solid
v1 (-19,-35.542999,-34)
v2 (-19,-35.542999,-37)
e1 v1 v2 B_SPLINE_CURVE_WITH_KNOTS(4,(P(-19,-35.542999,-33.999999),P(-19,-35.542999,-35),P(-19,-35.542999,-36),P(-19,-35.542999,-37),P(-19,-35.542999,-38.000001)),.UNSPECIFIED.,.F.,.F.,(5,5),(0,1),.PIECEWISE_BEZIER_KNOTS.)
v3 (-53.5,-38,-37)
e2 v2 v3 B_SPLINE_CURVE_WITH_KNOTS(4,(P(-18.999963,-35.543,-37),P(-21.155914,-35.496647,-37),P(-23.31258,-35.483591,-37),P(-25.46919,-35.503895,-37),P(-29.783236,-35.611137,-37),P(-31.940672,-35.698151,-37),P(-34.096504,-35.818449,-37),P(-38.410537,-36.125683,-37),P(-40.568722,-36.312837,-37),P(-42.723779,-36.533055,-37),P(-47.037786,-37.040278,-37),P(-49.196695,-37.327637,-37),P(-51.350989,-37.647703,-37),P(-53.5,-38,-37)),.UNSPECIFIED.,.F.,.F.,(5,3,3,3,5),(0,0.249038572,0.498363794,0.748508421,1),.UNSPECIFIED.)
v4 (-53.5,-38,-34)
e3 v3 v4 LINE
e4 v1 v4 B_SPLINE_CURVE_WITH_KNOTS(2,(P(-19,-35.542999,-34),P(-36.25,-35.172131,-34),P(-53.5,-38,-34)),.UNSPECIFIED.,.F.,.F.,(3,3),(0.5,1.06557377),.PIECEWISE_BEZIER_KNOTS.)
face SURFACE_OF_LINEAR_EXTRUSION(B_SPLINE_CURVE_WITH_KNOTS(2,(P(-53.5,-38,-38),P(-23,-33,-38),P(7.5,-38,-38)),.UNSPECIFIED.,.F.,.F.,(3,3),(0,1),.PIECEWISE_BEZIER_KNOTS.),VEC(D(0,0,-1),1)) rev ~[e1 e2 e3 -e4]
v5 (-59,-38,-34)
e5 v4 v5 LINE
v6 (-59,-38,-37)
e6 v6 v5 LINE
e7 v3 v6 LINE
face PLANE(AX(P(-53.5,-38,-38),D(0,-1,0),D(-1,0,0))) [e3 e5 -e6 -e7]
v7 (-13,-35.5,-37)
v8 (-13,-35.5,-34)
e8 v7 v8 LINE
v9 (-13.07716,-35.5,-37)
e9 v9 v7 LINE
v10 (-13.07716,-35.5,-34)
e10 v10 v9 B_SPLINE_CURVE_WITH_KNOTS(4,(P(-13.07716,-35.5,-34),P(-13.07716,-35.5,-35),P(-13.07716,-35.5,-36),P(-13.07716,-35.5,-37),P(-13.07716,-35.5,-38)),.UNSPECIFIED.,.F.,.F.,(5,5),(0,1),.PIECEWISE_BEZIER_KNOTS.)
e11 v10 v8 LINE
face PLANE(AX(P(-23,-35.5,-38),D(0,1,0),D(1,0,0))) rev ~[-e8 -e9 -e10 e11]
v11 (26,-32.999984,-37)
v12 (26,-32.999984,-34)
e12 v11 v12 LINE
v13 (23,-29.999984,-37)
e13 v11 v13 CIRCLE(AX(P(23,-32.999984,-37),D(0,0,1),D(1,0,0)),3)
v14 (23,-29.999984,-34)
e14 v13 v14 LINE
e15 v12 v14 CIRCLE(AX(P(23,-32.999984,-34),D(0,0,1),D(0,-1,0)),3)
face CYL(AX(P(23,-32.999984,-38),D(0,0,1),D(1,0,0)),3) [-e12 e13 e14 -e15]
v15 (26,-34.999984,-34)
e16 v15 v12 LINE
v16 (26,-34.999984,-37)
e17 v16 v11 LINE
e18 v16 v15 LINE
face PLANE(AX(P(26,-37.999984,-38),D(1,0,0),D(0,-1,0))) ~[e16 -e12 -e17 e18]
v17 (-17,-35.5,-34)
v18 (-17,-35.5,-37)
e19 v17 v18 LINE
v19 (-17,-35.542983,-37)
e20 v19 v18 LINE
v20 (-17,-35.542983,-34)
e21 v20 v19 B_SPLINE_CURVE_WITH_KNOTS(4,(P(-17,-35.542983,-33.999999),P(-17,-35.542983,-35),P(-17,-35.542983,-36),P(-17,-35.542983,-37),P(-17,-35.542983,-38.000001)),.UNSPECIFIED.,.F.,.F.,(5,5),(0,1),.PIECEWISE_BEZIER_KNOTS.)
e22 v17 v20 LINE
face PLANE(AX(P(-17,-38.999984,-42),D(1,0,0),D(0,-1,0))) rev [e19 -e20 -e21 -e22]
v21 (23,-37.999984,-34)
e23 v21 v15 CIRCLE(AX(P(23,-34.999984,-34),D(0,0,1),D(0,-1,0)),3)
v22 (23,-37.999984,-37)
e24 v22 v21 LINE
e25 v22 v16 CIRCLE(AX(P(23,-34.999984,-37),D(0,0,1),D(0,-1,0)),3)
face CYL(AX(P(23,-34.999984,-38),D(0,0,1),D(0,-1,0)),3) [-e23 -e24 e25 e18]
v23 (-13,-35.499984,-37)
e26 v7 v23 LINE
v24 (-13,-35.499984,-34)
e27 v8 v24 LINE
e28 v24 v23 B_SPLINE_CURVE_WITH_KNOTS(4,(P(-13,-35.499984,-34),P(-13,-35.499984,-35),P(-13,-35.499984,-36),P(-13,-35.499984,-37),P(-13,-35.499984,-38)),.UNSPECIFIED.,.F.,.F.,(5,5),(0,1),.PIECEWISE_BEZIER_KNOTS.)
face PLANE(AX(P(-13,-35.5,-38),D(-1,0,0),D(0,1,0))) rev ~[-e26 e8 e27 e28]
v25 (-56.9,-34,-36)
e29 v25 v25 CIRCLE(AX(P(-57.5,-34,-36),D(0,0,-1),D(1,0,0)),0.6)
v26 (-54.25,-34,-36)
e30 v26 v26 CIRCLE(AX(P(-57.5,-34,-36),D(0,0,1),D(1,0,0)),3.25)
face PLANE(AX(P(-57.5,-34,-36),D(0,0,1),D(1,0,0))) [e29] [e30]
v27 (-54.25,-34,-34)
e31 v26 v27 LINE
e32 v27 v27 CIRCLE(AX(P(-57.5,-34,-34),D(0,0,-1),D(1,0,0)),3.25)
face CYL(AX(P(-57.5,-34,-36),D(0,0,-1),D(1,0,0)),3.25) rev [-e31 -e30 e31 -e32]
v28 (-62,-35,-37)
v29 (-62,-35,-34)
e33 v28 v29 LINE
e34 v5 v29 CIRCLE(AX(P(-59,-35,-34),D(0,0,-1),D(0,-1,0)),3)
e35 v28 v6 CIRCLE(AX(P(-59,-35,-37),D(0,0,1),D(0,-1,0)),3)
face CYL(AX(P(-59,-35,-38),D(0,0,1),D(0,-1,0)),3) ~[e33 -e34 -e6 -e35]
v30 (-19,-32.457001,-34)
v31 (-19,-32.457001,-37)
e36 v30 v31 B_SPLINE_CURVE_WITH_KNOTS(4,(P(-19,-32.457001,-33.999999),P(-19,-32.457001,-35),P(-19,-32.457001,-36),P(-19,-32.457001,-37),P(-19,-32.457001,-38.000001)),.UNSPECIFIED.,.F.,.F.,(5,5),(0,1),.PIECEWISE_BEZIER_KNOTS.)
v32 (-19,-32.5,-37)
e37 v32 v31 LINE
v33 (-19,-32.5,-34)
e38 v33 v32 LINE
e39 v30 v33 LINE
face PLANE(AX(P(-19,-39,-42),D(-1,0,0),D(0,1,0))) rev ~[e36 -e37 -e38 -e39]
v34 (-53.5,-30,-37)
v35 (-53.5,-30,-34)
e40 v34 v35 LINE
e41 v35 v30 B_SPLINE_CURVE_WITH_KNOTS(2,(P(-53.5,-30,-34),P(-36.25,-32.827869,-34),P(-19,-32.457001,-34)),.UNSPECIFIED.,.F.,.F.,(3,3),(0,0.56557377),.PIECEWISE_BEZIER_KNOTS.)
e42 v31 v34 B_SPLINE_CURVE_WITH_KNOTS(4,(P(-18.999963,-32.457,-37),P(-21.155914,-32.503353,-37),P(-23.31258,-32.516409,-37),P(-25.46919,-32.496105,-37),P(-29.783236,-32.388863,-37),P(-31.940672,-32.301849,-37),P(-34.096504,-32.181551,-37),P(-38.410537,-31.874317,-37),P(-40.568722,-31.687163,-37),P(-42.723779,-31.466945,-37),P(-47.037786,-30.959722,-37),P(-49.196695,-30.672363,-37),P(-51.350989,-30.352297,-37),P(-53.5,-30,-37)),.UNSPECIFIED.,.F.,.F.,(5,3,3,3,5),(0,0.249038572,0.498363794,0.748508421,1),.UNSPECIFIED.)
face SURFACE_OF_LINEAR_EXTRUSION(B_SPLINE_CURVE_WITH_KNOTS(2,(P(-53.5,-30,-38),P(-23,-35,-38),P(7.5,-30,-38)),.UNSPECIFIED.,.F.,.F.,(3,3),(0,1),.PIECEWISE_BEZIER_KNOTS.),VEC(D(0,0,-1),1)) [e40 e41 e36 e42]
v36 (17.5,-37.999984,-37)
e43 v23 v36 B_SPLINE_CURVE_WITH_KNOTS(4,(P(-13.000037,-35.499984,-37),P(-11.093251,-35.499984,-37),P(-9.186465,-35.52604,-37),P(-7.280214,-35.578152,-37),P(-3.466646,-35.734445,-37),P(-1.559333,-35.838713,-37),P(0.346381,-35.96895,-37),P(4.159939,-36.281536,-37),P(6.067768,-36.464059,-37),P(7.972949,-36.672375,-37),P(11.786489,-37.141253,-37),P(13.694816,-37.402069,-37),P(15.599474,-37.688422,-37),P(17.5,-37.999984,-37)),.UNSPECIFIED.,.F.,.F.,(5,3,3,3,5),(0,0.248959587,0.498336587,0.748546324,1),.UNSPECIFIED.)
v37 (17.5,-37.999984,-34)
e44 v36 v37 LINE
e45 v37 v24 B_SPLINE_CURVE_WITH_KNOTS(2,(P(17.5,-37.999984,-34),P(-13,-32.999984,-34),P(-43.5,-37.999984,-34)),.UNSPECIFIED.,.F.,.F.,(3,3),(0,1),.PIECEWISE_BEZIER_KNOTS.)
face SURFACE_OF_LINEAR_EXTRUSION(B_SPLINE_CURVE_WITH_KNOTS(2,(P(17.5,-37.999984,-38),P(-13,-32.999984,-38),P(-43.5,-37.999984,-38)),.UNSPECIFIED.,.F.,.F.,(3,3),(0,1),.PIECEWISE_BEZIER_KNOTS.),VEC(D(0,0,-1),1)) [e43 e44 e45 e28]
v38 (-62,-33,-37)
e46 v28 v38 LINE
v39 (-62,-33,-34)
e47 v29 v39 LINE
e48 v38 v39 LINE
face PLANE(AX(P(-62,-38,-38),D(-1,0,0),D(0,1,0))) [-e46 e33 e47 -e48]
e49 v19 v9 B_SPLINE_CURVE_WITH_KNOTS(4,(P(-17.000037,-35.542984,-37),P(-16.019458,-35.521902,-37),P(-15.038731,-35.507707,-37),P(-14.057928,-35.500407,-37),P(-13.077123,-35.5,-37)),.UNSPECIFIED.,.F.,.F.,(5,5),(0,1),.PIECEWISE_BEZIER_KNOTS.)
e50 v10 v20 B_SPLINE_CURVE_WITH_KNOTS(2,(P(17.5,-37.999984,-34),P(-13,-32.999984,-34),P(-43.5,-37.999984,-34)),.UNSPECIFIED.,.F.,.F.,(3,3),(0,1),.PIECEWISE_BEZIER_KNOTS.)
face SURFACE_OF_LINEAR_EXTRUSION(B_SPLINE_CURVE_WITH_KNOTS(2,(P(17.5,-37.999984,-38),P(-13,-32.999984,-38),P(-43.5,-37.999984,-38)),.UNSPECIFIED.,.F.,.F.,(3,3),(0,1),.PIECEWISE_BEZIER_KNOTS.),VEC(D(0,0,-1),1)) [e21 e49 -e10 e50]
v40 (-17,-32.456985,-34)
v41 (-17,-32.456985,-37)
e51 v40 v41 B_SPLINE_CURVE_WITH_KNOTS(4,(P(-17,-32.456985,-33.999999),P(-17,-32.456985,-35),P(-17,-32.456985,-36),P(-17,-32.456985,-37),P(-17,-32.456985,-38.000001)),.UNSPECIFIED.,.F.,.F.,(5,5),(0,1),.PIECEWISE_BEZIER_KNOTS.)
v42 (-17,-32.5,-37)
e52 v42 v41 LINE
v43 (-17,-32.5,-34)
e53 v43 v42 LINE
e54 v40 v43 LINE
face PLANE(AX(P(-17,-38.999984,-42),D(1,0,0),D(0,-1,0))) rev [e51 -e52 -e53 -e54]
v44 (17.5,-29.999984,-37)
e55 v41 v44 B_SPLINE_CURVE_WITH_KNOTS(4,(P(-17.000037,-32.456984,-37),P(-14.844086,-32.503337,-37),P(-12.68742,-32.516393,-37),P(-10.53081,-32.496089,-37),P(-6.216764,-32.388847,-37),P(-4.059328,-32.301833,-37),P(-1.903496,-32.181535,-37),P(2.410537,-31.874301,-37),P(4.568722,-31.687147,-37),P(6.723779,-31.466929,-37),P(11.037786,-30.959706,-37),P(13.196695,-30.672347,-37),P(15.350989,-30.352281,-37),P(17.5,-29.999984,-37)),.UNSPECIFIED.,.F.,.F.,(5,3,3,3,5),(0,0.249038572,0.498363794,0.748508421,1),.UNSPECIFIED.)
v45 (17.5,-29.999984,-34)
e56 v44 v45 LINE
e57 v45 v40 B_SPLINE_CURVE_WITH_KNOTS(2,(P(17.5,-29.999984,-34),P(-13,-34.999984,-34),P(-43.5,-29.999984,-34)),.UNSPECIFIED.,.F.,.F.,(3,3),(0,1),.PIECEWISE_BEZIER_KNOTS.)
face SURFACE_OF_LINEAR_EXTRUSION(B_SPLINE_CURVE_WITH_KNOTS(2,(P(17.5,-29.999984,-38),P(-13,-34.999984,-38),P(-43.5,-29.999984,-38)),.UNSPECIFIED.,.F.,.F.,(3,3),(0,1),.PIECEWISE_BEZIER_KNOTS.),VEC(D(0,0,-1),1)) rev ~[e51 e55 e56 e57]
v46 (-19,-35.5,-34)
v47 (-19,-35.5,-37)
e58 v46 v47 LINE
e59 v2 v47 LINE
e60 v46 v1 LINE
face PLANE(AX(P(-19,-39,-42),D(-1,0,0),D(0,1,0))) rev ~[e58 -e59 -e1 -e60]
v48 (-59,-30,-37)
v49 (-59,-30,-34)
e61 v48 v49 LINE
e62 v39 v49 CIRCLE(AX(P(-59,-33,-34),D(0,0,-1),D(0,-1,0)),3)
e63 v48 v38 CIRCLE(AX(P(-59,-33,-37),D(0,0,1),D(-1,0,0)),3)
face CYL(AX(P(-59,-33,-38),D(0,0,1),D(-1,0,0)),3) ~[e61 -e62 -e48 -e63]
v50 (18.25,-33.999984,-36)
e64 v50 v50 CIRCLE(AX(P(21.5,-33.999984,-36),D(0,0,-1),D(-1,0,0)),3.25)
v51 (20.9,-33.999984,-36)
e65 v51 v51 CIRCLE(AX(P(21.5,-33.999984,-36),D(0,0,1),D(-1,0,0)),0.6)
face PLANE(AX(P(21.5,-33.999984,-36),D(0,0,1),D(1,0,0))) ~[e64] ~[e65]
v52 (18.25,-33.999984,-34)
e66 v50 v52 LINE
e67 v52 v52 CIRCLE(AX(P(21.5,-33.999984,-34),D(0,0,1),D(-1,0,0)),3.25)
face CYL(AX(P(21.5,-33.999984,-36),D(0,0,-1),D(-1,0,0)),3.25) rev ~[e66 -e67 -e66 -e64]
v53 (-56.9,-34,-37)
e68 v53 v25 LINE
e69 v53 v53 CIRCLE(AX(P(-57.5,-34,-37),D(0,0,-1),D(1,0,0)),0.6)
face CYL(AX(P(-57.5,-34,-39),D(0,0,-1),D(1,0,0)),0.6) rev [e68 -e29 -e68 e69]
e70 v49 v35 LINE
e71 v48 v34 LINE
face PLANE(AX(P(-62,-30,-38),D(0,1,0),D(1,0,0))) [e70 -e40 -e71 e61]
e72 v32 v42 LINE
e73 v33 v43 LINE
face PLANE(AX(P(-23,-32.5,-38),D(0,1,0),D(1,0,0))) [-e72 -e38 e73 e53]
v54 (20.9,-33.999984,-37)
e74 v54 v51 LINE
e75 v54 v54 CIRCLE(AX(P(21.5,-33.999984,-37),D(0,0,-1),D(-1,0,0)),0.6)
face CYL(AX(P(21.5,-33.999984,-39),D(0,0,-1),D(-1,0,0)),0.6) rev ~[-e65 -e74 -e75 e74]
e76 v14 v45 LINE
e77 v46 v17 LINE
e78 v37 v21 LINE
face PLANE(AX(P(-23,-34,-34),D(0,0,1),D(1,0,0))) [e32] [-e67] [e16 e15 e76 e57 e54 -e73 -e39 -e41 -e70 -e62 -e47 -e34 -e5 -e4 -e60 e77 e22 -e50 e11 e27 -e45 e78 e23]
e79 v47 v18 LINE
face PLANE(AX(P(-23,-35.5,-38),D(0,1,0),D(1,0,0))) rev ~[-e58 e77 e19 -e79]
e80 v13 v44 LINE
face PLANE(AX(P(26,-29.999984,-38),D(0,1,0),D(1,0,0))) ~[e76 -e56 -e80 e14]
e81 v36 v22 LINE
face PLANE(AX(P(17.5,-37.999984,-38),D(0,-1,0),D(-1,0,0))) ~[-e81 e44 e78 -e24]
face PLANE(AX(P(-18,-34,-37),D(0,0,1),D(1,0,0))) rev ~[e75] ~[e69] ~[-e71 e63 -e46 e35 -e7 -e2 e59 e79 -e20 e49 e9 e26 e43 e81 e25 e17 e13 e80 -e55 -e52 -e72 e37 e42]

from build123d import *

# Parameters (mm, degrees)
BOX081_W                          = 90
BOX081_H                          = 9
BOX081_DEPTH                      = 4
BOX080_W                          = 10
BOX080_H                          = 3
BOX080_DEPTH                      = 4
BOX079_W                          = 40
BOX079_H                          = 10
BOX079_DEPTH                      = 10
CYLINDER143_R                     = 3.25
CYLINDER143_DEPTH                 = 3.5
CYLINDER144_R                     = 0.6
CYLINDER144_DEPTH                 = 9.5
CYLINDER142_R                     = 0.6
CYLINDER142_DEPTH                 = 9.5
CYLINDER141_R                     = 3.25
CYLINDER141_DEPTH                 = 3.5
PAD014_DEPTH                      = 4
FILLET078_R                       = 3
PART_MIRRORING003_PLACEMENT_ANGLE = 180
BOX078_W                          = 40
BOX078_H                          = 10
BOX078_DEPTH                      = 10
CYLINDER137_R                     = 3.25
CYLINDER137_DEPTH                 = 3.5
CYLINDER140_R                     = 0.6
CYLINDER140_DEPTH                 = 9.5
CYLINDER138_R                     = 0.6
CYLINDER138_DEPTH                 = 9.5
CYLINDER139_R                     = 3.25
CYLINDER139_DEPTH                 = 3.5
PAD013_DEPTH                      = 4
FILLET077_R                       = 3


with BuildPart() as w_rfel080:
    # Box081 → Box081 (new body)
    with BuildSketch(Plane(origin=(-63, -38.5, -41), x_dir=(1, 0, 0), z_dir=(0, 0, 1))):
        with Locations((45, 4.5)):
            Rectangle(BOX081_W, BOX081_H)
    extrude(amount=BOX081_DEPTH)


with BuildPart() as w_rfel079:
    # Box080 → Box080 (new body)
    with BuildSketch(Plane(origin=(-23, -35.5, -38), x_dir=(1, 0, 0), z_dir=(0, 0, 1))):
        with Locations((5, 1.5)):
            Rectangle(BOX080_W, BOX080_H)
    extrude(amount=BOX080_DEPTH)


with BuildPart() as w_rfel078:
    # Box079 → Box079 (new body)
    with BuildSketch(Plane(origin=(-14, -72, -42), x_dir=(1, 0, 0), z_dir=(0, 0, 1))):
        with Locations((20, 5)):
            Rectangle(BOX079_W, BOX079_H)
    extrude(amount=BOX079_DEPTH)


with BuildPart() as zylinder143:
    # Cylinder143 → Cylinder143 (new body)
    with BuildSketch(Plane(origin=(-52.5, 23, -36), x_dir=(1, 0, 0), z_dir=(0, 0, 1))):
        Circle(CYLINDER143_R)
    extrude(amount=CYLINDER143_DEPTH)


with BuildPart() as zylinder144:
    # Cylinder144 → Cylinder144 (new body)
    with BuildSketch(Plane(origin=(16.5, 23, -39), x_dir=(1, 0, 0), z_dir=(0, 0, 1))):
        Circle(CYLINDER144_R)
    extrude(amount=CYLINDER144_DEPTH)


with BuildPart() as zylinder142:
    # Cylinder142 → Cylinder142 (new body)
    with BuildSketch(Plane(origin=(-52.5, 23, -39), x_dir=(1, 0, 0), z_dir=(0, 0, 1))):
        Circle(CYLINDER142_R)
    extrude(amount=CYLINDER142_DEPTH)


with BuildPart() as fusion089:
    # Cylinder141 → Cylinder141 (new body)
    with BuildSketch(Plane(origin=(16.5, 23, -36), x_dir=(1, 0, 0), z_dir=(0, 0, 1))):
        Circle(CYLINDER141_R)
    extrude(amount=CYLINDER141_DEPTH)

    # Fusion089: union Zylinder143, Zylinder144, Zylinder142
    add(zylinder143.part)
    add(zylinder144.part)
    add(zylinder142.part)


with BuildPart() as cut068:
    # Sketch014 → Pad014 (new body)
    with BuildSketch(Plane.XY):
        with BuildLine():
            add(Edge.make_bspline(
                [(-48.5, 19), (-18, 24), (12.5, 19)],
                knots=[0, 0, 0, 1, 1, 1], degree=2))
            Line((-48.5, 19), (-57, 19))
            Line((-57, 19), (-57, 27))
            Line((-57, 27), (-48.5, 27))
            add(Edge.make_bspline(
                [(-48.5, 27), (-18, 22), (12.5, 27)],
                knots=[0, 0, 0, 1, 1, 1], degree=2))
            Line((12.5, 27), (21, 27))
            Line((21, 27), (21, 19))
            Line((21, 19), (12.5, 19))
        make_face()
    extrude(amount=PAD014_DEPTH)


with BuildPart() as cut068_1:
    # Body005 placement: moved
    add(cut068.part.moved(Location((0, 0, -38))))

    # Cut069: cut Fusion089
    add(fusion089.part, mode=Mode.SUBTRACT)

    # Fillet078
    fillet078_edges = [cut068_1.edges().sort_by_distance(p)[0] for p in [
        (-57, 19, -36),
        (21, 19, -36),
        (-57, 27, -36),
        (21, 27, -36),
    ]]
    fillet(fillet078_edges, radius=FILLET078_R)


with BuildPart() as cut068_2:
    # Fillet078 placement: moved
    add(cut068_1.part.moved(Location((0, -90, 0))))

    # Cut068: cut Würfel078
    add(w_rfel078.part, mode=Mode.SUBTRACT)


with BuildPart() as cut068_3:
    # Cut068 placement: moved
    add(cut068_2.part.moved(Location((-5, 35, 0))))


with BuildPart() as part_mirroring003:
    # Part__Mirroring003: instance of Cut068
    add(cut068_3.part.mirror(Plane(origin=(-40.5, -8e-06, -36), x_dir=(1, 0, 0), z_dir=(0, 1, 0))))


with BuildPart() as part_mirroring003_1:
    # Part__Mirroring003 placement: moved
    add(part_mirroring003.part.moved(Location((-36, 9, 0))).rotate(Axis((-36, 9, 0), (0, 0, 1)), PART_MIRRORING003_PLACEMENT_ANGLE))


with BuildPart() as w_rfel077:
    # Box078 → Box078 (new body)
    with BuildSketch(Plane(origin=(-14, -72, -42), x_dir=(1, 0, 0), z_dir=(0, 0, 1))):
        with Locations((20, 5)):
            Rectangle(BOX078_W, BOX078_H)
    extrude(amount=BOX078_DEPTH)


with BuildPart() as zylinder137:
    # Cylinder137 → Cylinder137 (new body)
    with BuildSketch(Plane(origin=(-52.5, 23, -36), x_dir=(1, 0, 0), z_dir=(0, 0, 1))):
        Circle(CYLINDER137_R)
    extrude(amount=CYLINDER137_DEPTH)


with BuildPart() as zylinder140:
    # Cylinder140 → Cylinder140 (new body)
    with BuildSketch(Plane(origin=(16.5, 23, -39), x_dir=(1, 0, 0), z_dir=(0, 0, 1))):
        Circle(CYLINDER140_R)
    extrude(amount=CYLINDER140_DEPTH)


with BuildPart() as zylinder138:
    # Cylinder138 → Cylinder138 (new body)
    with BuildSketch(Plane(origin=(-52.5, 23, -39), x_dir=(1, 0, 0), z_dir=(0, 0, 1))):
        Circle(CYLINDER138_R)
    extrude(amount=CYLINDER138_DEPTH)


with BuildPart() as fusion088:
    # Cylinder139 → Cylinder139 (new body)
    with BuildSketch(Plane(origin=(16.5, 23, -36), x_dir=(1, 0, 0), z_dir=(0, 0, 1))):
        Circle(CYLINDER139_R)
    extrude(amount=CYLINDER139_DEPTH)

    # Fusion088: union Zylinder137, Zylinder140, Zylinder138
    add(zylinder137.part)
    add(zylinder140.part)
    add(zylinder138.part)


with BuildPart() as cut070:
    # Sketch013 → Pad013 (new body)
    with BuildSketch(Plane.XY):
        with BuildLine():
            add(Edge.make_bspline(
                [(-48.5, 19), (-18, 24), (12.5, 19)],
                knots=[0, 0, 0, 1, 1, 1], degree=2))
            Line((-48.5, 19), (-57, 19))
            Line((-57, 19), (-57, 27))
            Line((-57, 27), (-48.5, 27))
            add(Edge.make_bspline(
                [(-48.5, 27), (-18, 22), (12.5, 27)],
                knots=[0, 0, 0, 1, 1, 1], degree=2))
            Line((12.5, 27), (21, 27))
            Line((21, 27), (21, 19))
            Line((21, 19), (12.5, 19))
        make_face()
    extrude(amount=PAD013_DEPTH)


with BuildPart() as cut070_1:
    # Body004 placement: moved
    add(cut070.part.moved(Location((0, 0, -38))))

    # Cut066: cut Fusion088
    add(fusion088.part, mode=Mode.SUBTRACT)

    # Fillet077
    fillet077_edges = [cut070_1.edges().sort_by_distance(p)[0] for p in [
        (-57, 19, -36),
        (21, 19, -36),
        (-57, 27, -36),
        (21, 27, -36),
    ]]
    fillet(fillet077_edges, radius=FILLET077_R)


with BuildPart() as cut070_2:
    # Fillet077 placement: moved
    add(cut070_1.part.moved(Location((0, -90, 0))))

    # Cut067: cut Würfel077
    add(w_rfel077.part, mode=Mode.SUBTRACT)


with BuildPart() as cut070_3:
    # Cut067 placement: moved
    add(cut070_2.part.moved(Location((-5, 44, 0))))

    # Fusion090: union Part__Mirroring003
    add(part_mirroring003_1.part)


with BuildPart() as cut070_4:
    # Fusion090 placement: moved
    add(cut070_3.part.moved(Location((0, -11, 0))))

    # Fusion091: union Würfel079
    add(w_rfel079.part)

    # Cut070: cut Würfel080
    add(w_rfel080.part, mode=Mode.SUBTRACT)


solid = cut070_4.part
